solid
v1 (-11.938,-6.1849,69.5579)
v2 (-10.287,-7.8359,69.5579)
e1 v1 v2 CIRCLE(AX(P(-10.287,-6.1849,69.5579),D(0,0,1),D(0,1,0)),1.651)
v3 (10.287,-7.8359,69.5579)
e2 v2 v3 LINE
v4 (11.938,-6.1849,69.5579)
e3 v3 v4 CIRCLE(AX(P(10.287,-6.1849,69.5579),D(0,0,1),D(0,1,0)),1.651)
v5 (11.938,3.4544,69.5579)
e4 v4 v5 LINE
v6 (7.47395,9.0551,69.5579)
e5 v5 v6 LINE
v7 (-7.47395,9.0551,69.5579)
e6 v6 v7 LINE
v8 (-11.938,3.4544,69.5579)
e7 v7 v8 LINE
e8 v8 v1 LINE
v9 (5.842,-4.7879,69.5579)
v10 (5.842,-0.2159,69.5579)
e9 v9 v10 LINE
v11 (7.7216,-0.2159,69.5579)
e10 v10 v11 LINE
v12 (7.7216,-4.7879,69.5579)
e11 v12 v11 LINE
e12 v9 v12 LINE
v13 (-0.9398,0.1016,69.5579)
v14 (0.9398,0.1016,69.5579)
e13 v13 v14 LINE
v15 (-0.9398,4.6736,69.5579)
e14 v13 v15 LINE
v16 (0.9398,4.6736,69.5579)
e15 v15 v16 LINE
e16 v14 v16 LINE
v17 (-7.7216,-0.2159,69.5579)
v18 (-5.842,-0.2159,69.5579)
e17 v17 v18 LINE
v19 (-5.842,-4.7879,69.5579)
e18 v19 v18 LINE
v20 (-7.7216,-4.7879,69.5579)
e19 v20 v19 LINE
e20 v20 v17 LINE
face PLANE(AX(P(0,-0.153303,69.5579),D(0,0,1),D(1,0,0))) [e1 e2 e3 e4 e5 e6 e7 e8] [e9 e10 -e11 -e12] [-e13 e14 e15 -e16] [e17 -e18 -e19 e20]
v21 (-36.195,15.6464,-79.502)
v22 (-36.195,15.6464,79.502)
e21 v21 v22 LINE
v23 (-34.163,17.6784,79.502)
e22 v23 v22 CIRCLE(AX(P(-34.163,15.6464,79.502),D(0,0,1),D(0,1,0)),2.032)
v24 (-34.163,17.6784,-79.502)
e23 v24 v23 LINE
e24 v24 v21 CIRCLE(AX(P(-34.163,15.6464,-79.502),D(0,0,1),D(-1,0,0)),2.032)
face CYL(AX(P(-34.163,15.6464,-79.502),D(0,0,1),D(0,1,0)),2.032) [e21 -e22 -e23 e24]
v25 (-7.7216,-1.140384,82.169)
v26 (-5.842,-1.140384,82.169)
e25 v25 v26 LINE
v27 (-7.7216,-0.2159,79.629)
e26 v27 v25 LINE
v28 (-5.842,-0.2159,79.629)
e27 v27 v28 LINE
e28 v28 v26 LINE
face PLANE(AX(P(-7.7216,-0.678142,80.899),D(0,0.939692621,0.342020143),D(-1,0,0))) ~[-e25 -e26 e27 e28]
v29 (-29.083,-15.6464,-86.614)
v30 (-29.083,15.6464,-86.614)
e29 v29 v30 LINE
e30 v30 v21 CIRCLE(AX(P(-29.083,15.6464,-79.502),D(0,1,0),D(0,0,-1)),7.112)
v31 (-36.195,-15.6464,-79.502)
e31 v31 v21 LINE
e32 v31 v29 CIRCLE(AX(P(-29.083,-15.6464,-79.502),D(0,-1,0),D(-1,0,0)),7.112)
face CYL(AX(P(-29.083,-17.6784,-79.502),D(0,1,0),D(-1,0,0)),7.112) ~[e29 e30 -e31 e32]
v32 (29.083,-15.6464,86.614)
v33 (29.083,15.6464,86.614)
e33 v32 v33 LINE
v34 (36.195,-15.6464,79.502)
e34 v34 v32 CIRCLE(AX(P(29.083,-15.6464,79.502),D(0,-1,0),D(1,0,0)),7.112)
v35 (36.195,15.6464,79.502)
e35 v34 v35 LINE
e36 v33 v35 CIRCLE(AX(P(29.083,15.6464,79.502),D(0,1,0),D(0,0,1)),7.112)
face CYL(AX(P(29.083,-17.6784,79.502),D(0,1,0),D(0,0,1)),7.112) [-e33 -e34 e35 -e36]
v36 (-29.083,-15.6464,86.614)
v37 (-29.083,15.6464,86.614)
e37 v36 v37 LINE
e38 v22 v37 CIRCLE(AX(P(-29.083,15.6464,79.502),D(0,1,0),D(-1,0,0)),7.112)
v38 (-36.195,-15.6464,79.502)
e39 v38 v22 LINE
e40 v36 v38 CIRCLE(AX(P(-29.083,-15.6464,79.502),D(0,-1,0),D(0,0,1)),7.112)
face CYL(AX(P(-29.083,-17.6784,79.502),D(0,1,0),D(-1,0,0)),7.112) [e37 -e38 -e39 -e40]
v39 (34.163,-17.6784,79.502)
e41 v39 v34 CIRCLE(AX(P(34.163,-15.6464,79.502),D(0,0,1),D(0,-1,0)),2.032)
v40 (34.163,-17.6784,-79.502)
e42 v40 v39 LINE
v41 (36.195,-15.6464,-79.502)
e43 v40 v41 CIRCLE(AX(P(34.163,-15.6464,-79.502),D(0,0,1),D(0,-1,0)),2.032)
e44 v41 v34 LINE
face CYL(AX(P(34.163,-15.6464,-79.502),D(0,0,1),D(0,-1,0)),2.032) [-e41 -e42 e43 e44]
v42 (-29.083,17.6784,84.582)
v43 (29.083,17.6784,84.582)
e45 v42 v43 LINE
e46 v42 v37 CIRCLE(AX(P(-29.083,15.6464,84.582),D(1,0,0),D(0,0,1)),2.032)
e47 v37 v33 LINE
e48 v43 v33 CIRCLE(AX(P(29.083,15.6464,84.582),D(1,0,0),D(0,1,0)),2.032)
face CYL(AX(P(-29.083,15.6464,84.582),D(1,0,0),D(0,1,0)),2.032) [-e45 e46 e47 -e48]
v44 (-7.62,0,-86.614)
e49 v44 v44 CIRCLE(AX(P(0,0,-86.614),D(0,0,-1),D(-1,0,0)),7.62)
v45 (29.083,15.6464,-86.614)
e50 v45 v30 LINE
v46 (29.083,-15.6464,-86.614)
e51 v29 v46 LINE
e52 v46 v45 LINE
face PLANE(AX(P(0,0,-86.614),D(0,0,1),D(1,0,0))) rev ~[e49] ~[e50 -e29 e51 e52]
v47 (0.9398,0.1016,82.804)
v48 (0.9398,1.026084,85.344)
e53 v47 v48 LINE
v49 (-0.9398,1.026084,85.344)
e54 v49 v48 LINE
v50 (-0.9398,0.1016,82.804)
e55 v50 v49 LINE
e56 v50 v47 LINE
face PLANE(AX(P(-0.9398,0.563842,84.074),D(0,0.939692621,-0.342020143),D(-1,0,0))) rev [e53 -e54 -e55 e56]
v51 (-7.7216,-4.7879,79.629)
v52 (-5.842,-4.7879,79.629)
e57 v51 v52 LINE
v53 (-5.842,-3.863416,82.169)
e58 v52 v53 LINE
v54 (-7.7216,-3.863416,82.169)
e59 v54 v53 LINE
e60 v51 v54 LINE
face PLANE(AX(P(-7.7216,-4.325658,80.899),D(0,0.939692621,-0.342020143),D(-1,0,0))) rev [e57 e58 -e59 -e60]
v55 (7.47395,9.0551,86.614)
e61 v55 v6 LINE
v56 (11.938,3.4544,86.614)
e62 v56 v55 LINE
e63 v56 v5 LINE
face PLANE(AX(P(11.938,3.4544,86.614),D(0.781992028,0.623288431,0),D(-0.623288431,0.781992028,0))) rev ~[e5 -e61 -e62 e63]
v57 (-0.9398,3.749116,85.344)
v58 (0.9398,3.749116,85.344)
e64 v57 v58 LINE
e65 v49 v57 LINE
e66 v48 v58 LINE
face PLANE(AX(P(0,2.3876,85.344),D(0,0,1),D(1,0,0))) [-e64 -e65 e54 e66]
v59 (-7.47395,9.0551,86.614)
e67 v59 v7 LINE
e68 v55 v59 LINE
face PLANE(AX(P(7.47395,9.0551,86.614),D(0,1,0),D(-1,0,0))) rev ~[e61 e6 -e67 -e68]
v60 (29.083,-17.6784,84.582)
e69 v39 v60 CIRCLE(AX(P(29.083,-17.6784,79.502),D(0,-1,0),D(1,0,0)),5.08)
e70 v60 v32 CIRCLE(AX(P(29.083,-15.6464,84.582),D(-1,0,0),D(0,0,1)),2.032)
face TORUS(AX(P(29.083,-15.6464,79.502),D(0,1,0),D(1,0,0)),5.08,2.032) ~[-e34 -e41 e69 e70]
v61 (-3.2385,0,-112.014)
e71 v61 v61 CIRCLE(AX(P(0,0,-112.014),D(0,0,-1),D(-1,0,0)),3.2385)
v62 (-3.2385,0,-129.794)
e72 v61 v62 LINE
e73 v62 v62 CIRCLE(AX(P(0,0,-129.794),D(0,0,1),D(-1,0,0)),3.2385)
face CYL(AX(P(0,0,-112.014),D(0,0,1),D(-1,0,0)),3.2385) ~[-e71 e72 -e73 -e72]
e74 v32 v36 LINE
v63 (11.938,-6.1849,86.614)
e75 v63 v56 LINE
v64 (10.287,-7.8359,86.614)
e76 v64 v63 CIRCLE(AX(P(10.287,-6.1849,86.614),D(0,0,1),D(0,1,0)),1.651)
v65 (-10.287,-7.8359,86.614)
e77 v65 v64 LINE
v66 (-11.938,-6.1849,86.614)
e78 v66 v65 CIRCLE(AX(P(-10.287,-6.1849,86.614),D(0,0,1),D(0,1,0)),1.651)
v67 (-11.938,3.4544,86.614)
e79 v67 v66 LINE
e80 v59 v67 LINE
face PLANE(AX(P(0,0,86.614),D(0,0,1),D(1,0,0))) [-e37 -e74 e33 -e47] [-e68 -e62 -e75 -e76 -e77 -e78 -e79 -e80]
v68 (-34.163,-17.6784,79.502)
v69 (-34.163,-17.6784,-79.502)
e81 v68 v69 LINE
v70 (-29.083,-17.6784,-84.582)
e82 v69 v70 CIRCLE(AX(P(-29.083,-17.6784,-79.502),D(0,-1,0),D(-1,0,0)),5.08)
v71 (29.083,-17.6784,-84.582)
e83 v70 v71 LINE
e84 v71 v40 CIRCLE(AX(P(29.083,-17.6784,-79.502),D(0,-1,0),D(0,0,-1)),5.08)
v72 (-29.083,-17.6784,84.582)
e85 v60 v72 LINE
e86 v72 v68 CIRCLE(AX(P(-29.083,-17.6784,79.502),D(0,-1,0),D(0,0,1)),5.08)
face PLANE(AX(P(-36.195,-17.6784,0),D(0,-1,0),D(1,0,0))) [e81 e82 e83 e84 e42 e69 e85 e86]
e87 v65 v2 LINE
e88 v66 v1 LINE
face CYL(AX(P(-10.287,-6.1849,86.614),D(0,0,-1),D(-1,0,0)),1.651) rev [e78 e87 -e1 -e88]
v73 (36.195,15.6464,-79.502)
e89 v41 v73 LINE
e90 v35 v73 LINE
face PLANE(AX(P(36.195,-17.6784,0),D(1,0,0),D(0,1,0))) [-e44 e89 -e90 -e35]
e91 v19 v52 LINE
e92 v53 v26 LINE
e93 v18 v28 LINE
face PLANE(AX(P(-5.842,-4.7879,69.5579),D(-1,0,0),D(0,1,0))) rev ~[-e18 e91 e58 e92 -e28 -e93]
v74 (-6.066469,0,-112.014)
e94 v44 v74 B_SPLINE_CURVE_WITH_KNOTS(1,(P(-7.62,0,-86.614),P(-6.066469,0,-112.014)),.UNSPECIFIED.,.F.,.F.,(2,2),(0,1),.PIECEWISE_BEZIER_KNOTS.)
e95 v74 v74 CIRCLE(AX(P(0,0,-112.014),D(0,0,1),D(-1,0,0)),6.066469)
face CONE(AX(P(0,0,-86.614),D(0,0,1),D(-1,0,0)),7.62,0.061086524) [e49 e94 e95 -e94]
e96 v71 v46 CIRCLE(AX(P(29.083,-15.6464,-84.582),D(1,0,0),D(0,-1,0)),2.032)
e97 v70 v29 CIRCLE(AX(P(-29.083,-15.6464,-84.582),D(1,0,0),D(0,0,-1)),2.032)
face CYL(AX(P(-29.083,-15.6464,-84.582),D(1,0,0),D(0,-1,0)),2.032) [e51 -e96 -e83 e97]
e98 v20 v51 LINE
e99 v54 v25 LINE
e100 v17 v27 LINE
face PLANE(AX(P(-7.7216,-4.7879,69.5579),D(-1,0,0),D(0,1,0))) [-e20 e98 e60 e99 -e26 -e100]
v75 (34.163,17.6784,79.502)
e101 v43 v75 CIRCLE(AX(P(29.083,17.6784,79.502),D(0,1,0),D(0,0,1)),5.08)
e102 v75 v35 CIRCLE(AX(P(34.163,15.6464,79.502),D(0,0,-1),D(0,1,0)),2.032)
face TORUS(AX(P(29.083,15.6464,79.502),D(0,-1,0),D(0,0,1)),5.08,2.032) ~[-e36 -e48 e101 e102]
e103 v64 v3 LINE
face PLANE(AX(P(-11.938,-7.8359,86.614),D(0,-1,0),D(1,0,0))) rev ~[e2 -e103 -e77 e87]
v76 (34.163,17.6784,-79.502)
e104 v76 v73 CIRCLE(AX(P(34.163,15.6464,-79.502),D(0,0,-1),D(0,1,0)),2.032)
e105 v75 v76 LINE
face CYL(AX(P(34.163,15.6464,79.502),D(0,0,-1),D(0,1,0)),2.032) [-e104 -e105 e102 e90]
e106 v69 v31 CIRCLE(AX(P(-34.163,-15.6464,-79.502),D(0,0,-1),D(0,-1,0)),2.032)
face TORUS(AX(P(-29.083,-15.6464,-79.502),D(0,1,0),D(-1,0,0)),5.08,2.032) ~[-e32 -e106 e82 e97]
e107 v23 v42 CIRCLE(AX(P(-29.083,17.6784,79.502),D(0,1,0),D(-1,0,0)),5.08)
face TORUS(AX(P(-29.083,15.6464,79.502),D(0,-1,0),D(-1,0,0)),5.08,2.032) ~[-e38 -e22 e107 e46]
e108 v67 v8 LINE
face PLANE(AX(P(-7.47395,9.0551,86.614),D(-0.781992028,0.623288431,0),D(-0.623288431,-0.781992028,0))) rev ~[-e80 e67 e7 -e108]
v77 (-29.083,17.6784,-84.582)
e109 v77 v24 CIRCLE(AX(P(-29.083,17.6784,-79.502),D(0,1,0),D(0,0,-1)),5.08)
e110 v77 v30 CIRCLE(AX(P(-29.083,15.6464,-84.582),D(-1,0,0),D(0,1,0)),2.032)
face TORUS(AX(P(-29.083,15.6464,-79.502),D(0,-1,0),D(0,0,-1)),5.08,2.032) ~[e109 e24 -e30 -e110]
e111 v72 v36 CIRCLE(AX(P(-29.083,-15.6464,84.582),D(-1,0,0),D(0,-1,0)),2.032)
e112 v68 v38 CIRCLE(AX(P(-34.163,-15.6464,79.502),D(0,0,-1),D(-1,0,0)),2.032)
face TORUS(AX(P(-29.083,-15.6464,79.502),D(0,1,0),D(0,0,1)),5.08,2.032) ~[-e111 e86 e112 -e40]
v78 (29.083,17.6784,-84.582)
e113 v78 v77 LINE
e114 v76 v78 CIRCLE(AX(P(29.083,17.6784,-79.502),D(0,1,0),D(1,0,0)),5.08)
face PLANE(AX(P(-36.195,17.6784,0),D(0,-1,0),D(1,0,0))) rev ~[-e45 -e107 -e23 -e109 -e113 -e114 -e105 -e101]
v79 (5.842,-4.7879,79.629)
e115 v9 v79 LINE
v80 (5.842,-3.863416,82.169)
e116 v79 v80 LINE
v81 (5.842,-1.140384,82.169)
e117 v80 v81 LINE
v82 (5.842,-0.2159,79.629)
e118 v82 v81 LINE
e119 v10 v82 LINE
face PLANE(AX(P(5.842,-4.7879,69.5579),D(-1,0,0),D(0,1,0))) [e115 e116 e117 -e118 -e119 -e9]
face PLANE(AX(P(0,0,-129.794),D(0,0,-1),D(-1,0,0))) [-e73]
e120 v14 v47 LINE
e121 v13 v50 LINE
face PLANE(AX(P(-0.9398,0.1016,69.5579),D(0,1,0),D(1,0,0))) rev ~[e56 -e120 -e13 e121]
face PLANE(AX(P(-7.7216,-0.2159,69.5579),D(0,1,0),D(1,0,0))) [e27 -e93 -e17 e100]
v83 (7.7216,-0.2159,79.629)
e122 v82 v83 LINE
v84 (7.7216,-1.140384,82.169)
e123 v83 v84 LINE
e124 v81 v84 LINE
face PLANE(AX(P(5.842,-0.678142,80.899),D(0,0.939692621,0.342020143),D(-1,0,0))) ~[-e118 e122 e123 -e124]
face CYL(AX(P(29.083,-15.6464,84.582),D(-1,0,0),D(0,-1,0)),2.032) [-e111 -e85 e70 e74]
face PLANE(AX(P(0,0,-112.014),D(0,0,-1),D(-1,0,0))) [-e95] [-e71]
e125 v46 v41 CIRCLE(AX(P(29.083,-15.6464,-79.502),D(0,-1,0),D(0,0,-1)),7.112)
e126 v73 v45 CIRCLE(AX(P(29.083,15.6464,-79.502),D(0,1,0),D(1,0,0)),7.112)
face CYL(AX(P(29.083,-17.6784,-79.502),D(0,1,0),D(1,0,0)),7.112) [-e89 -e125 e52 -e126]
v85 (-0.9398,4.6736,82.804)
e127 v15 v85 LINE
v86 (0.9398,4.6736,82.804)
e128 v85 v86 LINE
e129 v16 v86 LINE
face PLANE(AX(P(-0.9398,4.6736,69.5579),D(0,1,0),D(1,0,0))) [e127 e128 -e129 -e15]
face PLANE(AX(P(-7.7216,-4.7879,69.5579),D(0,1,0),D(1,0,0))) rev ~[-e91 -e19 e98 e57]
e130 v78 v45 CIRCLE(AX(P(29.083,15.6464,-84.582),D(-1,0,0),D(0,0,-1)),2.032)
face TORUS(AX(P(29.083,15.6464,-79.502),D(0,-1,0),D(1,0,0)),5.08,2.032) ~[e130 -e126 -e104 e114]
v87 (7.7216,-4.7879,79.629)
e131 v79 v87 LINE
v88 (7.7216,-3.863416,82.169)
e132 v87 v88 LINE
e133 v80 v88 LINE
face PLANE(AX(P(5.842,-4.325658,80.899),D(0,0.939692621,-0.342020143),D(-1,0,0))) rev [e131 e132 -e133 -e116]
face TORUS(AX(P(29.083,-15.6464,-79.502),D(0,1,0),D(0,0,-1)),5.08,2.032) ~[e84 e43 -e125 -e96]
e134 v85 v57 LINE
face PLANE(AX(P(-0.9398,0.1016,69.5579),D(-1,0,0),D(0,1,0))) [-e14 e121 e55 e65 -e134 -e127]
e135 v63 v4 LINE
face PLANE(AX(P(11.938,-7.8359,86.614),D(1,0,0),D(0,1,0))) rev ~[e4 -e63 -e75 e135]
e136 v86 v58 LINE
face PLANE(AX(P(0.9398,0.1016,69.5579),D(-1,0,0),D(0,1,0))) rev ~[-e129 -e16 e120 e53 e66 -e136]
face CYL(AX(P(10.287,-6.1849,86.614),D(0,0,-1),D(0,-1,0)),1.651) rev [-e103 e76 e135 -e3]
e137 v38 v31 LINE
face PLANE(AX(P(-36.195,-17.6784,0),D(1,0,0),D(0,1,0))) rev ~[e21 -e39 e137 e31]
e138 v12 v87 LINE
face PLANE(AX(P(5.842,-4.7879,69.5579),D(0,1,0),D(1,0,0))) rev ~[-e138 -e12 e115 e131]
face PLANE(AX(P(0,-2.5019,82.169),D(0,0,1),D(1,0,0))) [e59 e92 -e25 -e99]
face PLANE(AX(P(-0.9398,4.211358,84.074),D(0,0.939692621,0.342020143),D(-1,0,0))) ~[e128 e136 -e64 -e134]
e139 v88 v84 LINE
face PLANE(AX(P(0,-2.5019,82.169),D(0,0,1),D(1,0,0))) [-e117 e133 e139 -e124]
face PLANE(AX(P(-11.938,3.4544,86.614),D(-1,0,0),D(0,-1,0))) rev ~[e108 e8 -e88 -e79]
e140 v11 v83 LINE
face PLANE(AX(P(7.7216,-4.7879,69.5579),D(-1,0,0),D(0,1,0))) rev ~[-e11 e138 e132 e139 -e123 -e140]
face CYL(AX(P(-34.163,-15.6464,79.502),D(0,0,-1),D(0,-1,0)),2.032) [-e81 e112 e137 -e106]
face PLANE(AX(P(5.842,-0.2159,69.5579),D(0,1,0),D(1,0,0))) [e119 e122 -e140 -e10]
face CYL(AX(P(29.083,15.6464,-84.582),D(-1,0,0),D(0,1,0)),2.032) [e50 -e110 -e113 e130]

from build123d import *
from OCP.BRepFilletAPI import BRepFilletAPI_MakeChamfer

# Parameters (mm, degrees)
SKETCH1_W           = 72.39
SKETCH1_H           = 35.3568
BOSS_EXTRUDE1_DEPTH = 86.614
FILLET1_R           = 7.112
FILLET2_R           = 2.032
CUT_EXTRUDE1_DEPTH  = 17.0561
FILLET3_R           = 1.651
SKETCH3_W           = 1.8796
SKETCH3_H           = 4.572
BOSS_EXTRUDE2_DEPTH = 15.7861
SKETCH4_W           = 15.4432
SKETCH4_H           = 4.572
CUT_EXTRUDE2_DEPTH  = 3.175
CHAMFER1_SIZE       = 2.54
CHAMFER1_SIZE2      = 0.924484395
SKETCH5_R           = 7.62
BOSS_EXTRUDE3_DEPTH = 25.4
BOSS_EXTRUDE3_TAPER = 3.5
SKETCH7_R           = 3.2385
BOSS_EXTRUDE4_DEPTH = 32.766
SKETCH8_R           = 10.8966
BOSS_EXTRUDE5_DEPTH = 34.417
FILLET4_R           = 0.635
SKETCH9_R           = 3.2385
BOSS_EXTRUDE6_DEPTH = 34.417
SKETCH10_R          = 27.900404375
CUT_EXTRUDE3_DEPTH  = 83.82


with BuildPart() as part:
    # Sketch1 → Boss-Extrude1 (new, symmetric)
    with BuildSketch(Plane.XY):
        Rectangle(SKETCH1_W, SKETCH1_H)
    extrude(amount=BOSS_EXTRUDE1_DEPTH, both=True)

    # Fillet1
    fillet1_edges = [part.edges().sort_by_distance(p)[0] for p in [
        (36.195, 0, 86.614),
        (-36.195, 0, 86.614),
        (36.195, 0, -86.614),
        (-36.195, 0, -86.614),
    ]]
    fillet(fillet1_edges, radius=FILLET1_R)

    # Fillet2
    fillet2_edges = [part.edges().sort_by_distance(p)[0] for p in [
        (36.195, 17.6784, 0),
        (36.195, -17.6784, 0),
        (0, 17.6784, -86.614),
        (-36.195, 17.6784, 0),
        (0, 17.6784, 86.614),
        (-34.111943428, 17.6784, 84.530943428),
        (34.111943428, 17.6784, 84.530943428),
        (-34.111943428, 17.6784, -84.530943428),
        (34.111943428, 17.6784, -84.530943428),
        (0, -17.6784, -86.614),
        (0, -17.6784, 86.614),
        (-36.195, -17.6784, 0),
        (-34.111943428, -17.6784, 84.530943428),
        (34.111943428, -17.6784, 84.530943428),
        (-34.111943428, -17.6784, -84.530943428),
        (34.111943428, -17.6784, -84.530943428),
    ]]
    fillet(fillet2_edges, radius=FILLET2_R)

    # Sketch2 → Cut-Extrude1 (cut)
    with BuildSketch(Plane.XY.offset(86.614)):
        Polygon((7.47395, 9.0551), (-7.47395, 9.0551), (-11.938, 3.4544), (-11.938, -7.8359), (11.938, -7.8359), (11.938, 3.4544), align=None)
    extrude(amount=-CUT_EXTRUDE1_DEPTH, mode=Mode.SUBTRACT)

    # Fillet3
    fillet3_edges = [part.edges().sort_by_distance(p)[0] for p in [
        (11.938, -7.8359, 78.08595),
        (-11.938, -7.8359, 78.08595),
    ]]
    fillet(fillet3_edges, radius=FILLET3_R)

    # Sketch3 → Boss-Extrude2 (add)
    with BuildSketch(Plane.XY.offset(69.5579)):
        with Locations((-6.7818, -2.5019)):
            Rectangle(SKETCH3_W, SKETCH3_H)
        with Locations((0, 2.3876)):
            Rectangle(SKETCH3_W, SKETCH3_H)
        with Locations((6.7818, -2.5019)):
            Rectangle(SKETCH3_W, SKETCH3_H)
    extrude(amount=BOSS_EXTRUDE2_DEPTH)

    # Sketch4 → Cut-Extrude2 (cut)
    with BuildSketch(Plane.XY.offset(85.344)):
        with Locations((0, -2.5019)):
            Rectangle(SKETCH4_W, SKETCH4_H)
    extrude(amount=-CUT_EXTRUDE2_DEPTH, mode=Mode.SUBTRACT)

    # Chamfer1: one chamfer whose edges measure the first distance from different faces: ONE call of the kernel's chamfer builder (chamfer() names one face for all edges)
    chamfer1_edges_1 = [part.edges().sort_by_distance(p)[0] for p in [
        (0, 4.6736, 85.344),
    ]]
    chamfer1_side_1 = [part.faces().sort_by_distance(p)[0] for p in [
        (0, 4.6736, 77.45095),
    ]]
    chamfer1_edges_2 = [part.edges().sort_by_distance(p)[0] for p in [
        (0, 0.1016, 85.344),
    ]]
    chamfer1_side_2 = [part.faces().sort_by_distance(p)[0] for p in [
        (0, 0.1016, 77.45095),
    ]]
    chamfer1_edges_3 = [part.edges().sort_by_distance(p)[0] for p in [
        (-6.7818, -0.2159, 82.169),
    ]]
    chamfer1_side_3 = [part.faces().sort_by_distance(p)[0] for p in [
        (-6.7818, -0.2159, 75.86345),
    ]]
    chamfer1_edges_4 = [part.edges().sort_by_distance(p)[0] for p in [
        (6.7818, -0.2159, 82.169),
    ]]
    chamfer1_side_4 = [part.faces().sort_by_distance(p)[0] for p in [
        (6.7818, -0.2159, 75.86345),
    ]]
    chamfer1_edges_5 = [part.edges().sort_by_distance(p)[0] for p in [
        (-6.7818, -4.7879, 82.169),
    ]]
    chamfer1_side_5 = [part.faces().sort_by_distance(p)[0] for p in [
        (-6.7818, -4.7879, 75.86345),
    ]]
    chamfer1_edges_6 = [part.edges().sort_by_distance(p)[0] for p in [
        (6.7818, -4.7879, 82.169),
    ]]
    chamfer1_side_6 = [part.faces().sort_by_distance(p)[0] for p in [
        (6.7818, -4.7879, 75.86345),
    ]]
    chamfer1 = BRepFilletAPI_MakeChamfer(part.part.solid().wrapped)
    for e in chamfer1_edges_1:
        chamfer1.Add(CHAMFER1_SIZE, CHAMFER1_SIZE2, e.wrapped, chamfer1_side_1[0].wrapped)  # the first distance lies on this face
    for e in chamfer1_edges_2:
        chamfer1.Add(CHAMFER1_SIZE, CHAMFER1_SIZE2, e.wrapped, chamfer1_side_2[0].wrapped)  # the first distance lies on this face
    for e in chamfer1_edges_3:
        chamfer1.Add(CHAMFER1_SIZE, CHAMFER1_SIZE2, e.wrapped, chamfer1_side_3[0].wrapped)  # the first distance lies on this face
    for e in chamfer1_edges_4:
        chamfer1.Add(CHAMFER1_SIZE, CHAMFER1_SIZE2, e.wrapped, chamfer1_side_4[0].wrapped)  # the first distance lies on this face
    for e in chamfer1_edges_5:
        chamfer1.Add(CHAMFER1_SIZE, CHAMFER1_SIZE2, e.wrapped, chamfer1_side_5[0].wrapped)  # the first distance lies on this face
    for e in chamfer1_edges_6:
        chamfer1.Add(CHAMFER1_SIZE, CHAMFER1_SIZE2, e.wrapped, chamfer1_side_6[0].wrapped)  # the first distance lies on this face
    add(Compound.cast(chamfer1.Shape()), mode=Mode.REPLACE)

    # Sketch5 → Boss-Extrude3 (add)
    with BuildSketch(Plane(origin=(0, 0, -86.614), x_dir=(-1, 0, 0), z_dir=(0, 0, -1))):
        Circle(SKETCH5_R)
    extrude(amount=BOSS_EXTRUDE3_DEPTH, taper=BOSS_EXTRUDE3_TAPER)

    # Sketch7 → Boss-Extrude4 (add)
    with BuildSketch(Plane(origin=(0, 0, -112.014), x_dir=(-1, 0, 0), z_dir=(0, 0, -1))):
        Circle(SKETCH7_R)
    extrude(amount=BOSS_EXTRUDE4_DEPTH)

    # Sketch8 → Boss-Extrude5 (add)
    with BuildSketch(Plane(origin=(0, 0, -144.78), x_dir=(-1, 0, 0), z_dir=(0, 0, -1))):
        Circle(SKETCH8_R)
    extrude(amount=BOSS_EXTRUDE5_DEPTH)

    # Fillet4
    fillet4_edges = [part.edges().sort_by_distance(p)[0] for p in [
        (10.8966, 0, -144.78),
        (10.8966, 0, -179.197),
    ]]
    fillet(fillet4_edges, radius=FILLET4_R)

    # Sketch9 → Boss-Extrude6 (add)
    with BuildSketch(Plane(origin=(0, 0, -179.197), x_dir=(-1, 0, 0), z_dir=(0, 0, -1))):
        Circle(SKETCH9_R)
    extrude(amount=BOSS_EXTRUDE6_DEPTH)

    # Sketch10 → Cut-Extrude3 (cut)
    with BuildSketch(Plane(origin=(0, 0, -213.614), x_dir=(-1, 0, 0), z_dir=(0, 0, -1))):
        Circle(SKETCH10_R)
    extrude(amount=-CUT_EXTRUDE3_DEPTH, mode=Mode.SUBTRACT)


solid = part.part
